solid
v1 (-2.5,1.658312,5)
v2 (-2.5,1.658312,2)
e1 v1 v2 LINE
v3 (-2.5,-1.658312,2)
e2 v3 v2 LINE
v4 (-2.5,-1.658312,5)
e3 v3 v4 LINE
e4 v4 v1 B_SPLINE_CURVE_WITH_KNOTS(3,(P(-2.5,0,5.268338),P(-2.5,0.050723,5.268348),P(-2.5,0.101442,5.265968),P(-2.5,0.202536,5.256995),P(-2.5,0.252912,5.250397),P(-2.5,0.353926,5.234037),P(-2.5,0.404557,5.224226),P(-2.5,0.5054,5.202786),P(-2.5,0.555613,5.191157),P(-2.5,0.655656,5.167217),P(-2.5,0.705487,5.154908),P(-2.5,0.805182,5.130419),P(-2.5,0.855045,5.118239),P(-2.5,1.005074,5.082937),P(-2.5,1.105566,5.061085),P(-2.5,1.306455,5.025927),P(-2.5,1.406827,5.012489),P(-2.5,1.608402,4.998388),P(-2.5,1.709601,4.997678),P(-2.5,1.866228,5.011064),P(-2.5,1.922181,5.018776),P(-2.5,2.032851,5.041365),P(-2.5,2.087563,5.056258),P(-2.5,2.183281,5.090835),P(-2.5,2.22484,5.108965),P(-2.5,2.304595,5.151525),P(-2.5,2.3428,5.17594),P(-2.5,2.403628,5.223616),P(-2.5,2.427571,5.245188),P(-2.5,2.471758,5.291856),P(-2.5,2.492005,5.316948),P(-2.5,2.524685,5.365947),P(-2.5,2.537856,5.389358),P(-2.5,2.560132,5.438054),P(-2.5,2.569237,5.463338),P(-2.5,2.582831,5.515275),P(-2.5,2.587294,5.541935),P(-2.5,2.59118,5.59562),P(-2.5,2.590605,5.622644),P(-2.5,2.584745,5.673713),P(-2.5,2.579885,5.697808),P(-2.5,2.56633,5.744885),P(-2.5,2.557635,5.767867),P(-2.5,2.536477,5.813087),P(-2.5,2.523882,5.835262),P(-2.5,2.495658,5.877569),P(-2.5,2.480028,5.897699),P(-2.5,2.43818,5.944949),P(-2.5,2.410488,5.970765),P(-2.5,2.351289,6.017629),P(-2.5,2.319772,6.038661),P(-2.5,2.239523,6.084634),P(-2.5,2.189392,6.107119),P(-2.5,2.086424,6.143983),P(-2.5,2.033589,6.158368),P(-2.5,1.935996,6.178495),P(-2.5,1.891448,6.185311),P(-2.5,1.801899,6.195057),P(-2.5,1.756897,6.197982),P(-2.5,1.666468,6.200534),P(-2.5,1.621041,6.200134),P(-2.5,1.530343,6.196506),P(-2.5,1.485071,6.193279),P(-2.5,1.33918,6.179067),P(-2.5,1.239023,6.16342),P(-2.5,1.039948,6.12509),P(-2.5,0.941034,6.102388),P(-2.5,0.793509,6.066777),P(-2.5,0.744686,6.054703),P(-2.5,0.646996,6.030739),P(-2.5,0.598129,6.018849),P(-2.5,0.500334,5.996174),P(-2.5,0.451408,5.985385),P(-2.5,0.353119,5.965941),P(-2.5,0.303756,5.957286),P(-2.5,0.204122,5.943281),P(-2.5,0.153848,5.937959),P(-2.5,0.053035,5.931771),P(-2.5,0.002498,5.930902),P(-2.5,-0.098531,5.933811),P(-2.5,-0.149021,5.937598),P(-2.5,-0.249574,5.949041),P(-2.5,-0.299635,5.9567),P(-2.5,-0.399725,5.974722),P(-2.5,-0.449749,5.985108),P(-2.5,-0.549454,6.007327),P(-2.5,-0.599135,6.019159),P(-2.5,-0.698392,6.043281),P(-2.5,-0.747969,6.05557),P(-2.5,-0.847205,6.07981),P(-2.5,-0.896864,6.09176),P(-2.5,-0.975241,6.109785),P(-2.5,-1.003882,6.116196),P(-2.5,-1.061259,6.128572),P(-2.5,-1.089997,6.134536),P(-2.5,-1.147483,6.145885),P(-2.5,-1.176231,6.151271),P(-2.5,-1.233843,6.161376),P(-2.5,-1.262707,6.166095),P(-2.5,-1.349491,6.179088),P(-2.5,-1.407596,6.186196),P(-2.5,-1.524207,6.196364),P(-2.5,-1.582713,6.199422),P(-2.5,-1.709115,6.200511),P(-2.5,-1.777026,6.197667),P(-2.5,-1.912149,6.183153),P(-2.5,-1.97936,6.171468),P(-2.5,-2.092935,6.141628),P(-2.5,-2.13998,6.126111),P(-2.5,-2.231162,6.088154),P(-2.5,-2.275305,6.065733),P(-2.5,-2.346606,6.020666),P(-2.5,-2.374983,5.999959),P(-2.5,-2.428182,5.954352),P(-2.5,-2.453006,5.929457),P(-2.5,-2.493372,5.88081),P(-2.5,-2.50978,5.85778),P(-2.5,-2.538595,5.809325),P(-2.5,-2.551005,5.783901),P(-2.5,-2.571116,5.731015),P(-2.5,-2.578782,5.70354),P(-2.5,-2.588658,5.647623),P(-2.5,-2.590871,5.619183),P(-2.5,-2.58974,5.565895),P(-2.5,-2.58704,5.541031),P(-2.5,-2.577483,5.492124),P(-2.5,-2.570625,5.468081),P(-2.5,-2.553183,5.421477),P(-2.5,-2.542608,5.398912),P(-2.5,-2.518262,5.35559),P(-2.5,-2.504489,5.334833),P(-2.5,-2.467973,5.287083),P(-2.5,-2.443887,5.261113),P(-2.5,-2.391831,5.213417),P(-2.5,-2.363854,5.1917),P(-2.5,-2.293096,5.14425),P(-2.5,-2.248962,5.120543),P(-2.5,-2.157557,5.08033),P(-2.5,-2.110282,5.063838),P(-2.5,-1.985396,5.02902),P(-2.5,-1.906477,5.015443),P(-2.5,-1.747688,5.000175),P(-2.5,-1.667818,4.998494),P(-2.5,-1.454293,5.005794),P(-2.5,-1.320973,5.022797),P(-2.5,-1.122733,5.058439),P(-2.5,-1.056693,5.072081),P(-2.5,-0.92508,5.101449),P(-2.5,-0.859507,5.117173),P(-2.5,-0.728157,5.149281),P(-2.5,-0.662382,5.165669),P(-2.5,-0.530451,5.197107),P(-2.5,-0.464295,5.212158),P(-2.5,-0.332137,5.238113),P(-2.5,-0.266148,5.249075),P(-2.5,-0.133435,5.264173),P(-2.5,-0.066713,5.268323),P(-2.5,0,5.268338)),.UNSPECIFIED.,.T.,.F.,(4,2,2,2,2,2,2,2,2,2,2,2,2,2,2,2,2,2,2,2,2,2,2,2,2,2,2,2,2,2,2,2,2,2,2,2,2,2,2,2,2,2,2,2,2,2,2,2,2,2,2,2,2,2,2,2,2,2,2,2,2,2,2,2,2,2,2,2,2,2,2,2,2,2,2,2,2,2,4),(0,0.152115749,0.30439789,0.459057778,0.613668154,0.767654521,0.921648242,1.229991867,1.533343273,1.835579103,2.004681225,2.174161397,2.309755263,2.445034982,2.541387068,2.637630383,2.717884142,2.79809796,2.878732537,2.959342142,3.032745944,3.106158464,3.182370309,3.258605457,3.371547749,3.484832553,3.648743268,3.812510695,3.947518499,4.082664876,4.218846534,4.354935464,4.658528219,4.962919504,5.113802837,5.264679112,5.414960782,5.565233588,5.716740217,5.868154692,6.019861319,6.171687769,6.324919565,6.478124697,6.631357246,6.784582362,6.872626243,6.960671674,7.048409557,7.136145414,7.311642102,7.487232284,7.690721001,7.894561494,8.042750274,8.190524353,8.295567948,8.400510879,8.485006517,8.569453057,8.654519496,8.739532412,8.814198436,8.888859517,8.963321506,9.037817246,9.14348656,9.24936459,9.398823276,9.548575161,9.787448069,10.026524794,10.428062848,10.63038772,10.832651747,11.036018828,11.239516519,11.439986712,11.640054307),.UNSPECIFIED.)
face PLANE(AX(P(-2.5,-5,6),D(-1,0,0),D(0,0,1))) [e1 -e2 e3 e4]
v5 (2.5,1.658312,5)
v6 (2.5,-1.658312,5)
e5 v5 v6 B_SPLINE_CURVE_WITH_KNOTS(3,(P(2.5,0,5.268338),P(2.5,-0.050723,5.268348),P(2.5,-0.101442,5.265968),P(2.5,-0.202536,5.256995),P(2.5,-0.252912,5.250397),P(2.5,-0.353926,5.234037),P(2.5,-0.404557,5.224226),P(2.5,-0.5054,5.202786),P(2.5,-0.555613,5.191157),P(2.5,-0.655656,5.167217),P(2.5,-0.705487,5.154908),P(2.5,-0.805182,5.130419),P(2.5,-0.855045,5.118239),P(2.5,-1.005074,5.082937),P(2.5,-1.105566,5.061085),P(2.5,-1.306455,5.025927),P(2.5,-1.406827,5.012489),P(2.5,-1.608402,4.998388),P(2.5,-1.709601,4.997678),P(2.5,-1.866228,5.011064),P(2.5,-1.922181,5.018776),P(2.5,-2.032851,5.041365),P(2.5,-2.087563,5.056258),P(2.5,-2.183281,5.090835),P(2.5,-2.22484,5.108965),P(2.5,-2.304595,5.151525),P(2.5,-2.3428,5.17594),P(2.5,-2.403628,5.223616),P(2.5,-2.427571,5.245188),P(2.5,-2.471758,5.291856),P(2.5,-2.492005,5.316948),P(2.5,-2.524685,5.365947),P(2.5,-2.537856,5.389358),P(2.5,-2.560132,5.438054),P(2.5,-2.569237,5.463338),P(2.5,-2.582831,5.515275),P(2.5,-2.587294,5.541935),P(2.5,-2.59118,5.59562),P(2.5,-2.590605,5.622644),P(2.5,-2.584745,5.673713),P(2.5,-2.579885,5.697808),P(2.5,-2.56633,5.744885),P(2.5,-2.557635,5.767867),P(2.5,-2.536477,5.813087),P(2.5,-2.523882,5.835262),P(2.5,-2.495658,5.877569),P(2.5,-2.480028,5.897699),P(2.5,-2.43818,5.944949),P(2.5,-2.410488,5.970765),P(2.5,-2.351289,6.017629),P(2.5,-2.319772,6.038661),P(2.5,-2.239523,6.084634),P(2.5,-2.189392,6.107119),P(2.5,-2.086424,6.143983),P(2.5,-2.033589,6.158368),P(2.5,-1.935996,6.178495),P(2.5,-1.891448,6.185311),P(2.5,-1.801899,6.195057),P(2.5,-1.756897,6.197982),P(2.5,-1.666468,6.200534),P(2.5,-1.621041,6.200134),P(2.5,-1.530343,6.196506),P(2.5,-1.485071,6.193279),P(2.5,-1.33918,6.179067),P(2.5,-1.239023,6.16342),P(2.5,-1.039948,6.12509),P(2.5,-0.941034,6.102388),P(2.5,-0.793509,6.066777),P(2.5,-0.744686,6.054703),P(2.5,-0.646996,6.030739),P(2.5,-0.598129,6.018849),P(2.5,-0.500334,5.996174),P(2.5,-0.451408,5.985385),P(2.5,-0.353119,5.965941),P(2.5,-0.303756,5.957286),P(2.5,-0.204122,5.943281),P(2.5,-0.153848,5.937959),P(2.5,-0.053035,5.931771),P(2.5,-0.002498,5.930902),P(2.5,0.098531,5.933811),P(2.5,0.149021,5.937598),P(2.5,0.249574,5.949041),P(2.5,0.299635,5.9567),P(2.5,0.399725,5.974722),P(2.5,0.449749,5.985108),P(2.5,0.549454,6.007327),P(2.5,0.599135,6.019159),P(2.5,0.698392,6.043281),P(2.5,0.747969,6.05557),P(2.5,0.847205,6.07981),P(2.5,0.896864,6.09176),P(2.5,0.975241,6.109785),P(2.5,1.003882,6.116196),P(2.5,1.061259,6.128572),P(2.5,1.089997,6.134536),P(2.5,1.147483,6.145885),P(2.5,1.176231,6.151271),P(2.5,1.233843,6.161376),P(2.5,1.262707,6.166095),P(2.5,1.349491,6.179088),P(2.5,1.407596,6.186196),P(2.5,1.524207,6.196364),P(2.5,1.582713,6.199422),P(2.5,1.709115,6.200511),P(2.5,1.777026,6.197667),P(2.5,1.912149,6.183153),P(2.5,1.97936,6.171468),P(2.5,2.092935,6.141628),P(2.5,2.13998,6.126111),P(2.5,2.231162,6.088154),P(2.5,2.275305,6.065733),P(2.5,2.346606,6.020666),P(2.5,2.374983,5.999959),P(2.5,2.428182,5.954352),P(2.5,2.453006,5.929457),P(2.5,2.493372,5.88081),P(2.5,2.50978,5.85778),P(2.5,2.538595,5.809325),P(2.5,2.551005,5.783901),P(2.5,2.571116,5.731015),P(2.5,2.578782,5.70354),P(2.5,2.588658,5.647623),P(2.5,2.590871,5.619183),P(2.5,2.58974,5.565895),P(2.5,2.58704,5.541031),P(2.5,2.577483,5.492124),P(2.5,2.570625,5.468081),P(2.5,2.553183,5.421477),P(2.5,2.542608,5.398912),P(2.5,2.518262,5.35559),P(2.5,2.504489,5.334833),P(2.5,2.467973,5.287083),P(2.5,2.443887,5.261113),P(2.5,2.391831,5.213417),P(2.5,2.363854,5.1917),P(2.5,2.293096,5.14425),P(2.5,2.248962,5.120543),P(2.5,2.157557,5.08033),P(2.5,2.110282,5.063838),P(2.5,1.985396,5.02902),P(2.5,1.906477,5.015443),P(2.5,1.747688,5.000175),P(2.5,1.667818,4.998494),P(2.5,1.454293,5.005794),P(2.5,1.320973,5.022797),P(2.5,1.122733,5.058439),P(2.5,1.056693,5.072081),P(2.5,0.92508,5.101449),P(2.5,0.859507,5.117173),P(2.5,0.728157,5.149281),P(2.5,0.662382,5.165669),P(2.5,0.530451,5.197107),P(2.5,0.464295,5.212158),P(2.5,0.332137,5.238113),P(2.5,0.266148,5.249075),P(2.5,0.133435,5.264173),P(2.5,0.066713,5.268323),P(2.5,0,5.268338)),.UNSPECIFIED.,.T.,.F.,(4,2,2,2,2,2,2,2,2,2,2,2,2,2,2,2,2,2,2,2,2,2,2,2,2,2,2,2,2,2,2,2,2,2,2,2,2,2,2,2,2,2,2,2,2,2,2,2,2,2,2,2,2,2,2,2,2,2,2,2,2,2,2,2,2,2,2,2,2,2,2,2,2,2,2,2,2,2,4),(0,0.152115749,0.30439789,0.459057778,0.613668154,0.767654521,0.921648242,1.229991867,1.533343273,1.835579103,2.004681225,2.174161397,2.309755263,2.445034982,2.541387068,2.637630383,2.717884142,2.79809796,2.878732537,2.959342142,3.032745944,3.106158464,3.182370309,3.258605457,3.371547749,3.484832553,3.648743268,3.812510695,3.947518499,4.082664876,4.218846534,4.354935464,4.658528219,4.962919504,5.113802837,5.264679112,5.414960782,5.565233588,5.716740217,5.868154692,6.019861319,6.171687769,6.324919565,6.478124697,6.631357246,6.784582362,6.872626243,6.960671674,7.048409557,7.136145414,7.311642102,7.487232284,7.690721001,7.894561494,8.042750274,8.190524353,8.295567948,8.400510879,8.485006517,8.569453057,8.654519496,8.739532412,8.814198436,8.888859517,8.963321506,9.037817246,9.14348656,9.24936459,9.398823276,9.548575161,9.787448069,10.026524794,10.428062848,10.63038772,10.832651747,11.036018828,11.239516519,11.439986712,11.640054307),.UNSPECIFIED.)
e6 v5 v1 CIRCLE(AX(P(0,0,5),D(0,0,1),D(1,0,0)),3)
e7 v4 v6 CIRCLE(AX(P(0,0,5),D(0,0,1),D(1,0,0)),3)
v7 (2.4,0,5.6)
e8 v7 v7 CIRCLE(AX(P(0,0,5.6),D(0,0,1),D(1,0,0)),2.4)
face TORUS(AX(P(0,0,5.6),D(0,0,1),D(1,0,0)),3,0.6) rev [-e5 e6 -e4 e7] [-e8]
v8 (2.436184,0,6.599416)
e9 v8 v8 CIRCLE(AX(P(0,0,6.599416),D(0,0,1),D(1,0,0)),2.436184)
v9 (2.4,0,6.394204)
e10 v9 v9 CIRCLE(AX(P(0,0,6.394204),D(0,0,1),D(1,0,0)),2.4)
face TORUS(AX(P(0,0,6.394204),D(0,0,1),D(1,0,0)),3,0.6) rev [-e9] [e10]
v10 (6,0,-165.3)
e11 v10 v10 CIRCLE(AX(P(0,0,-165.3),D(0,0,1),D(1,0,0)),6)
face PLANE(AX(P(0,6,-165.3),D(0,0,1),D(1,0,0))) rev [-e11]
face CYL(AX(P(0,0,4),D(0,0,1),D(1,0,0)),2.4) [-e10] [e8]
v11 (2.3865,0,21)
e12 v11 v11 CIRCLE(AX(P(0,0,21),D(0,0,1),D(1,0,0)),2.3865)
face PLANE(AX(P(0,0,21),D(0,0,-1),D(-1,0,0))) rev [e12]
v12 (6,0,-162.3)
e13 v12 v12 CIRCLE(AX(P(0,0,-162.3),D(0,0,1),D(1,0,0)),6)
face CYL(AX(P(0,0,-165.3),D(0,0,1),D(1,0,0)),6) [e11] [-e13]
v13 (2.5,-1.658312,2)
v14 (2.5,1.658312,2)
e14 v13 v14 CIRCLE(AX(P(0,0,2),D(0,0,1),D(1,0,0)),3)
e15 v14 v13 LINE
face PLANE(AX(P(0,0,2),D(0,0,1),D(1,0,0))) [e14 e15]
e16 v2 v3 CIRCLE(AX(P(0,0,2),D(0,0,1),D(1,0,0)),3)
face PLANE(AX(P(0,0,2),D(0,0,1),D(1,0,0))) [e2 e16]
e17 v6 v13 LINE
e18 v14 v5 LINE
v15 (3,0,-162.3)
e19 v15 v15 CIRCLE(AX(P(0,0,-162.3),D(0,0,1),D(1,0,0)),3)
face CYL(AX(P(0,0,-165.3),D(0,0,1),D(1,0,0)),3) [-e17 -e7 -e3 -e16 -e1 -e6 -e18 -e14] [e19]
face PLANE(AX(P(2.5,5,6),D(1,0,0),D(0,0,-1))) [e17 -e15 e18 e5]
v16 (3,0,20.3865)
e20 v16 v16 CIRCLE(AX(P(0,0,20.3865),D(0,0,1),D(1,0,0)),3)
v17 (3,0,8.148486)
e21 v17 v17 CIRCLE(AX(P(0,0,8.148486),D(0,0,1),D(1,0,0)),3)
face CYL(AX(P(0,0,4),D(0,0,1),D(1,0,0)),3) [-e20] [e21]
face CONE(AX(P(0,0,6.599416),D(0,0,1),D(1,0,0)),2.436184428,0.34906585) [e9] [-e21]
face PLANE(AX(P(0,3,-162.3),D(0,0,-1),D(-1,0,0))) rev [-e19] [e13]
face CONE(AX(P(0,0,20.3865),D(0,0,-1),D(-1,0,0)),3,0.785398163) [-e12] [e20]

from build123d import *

# Parameters (mm, degrees)
SCHNITT_LINEAR_AUSTRAGEN1_DEPTH = 4


with BuildPart() as part:
    # Skizze1 → Rotation1 (revolve)
    with BuildSketch(Plane(origin=(0, 0, 0), x_dir=(0, 0, -1), z_dir=(1, 0, 0)), mode=Mode.PRIVATE) as rotation1_sk:
        Polygon((-5, 0), (-5, 3), (162.3, 3), (162.3, 6), (165.3, 6), (165.3, 0), align=None)
    revolve(rotation1_sk.sketch.rotate(Axis((0, 0, -165.3), (0, 0, 1)), 270), axis=Axis((0, 0, -165.3), (0, 0, 1)))

    # Skizze2 → Rotation2 (revolve)
    with BuildSketch(Plane(origin=(0, 0, 0), x_dir=(0, 0, -1), z_dir=(1, 0, 0)), mode=Mode.PRIVATE) as rotation2_sk:
        with BuildLine():
            Line((-21, 0), (-21, 2.3865))
            Line((-21, 2.3865), (-20.3865, 3))
            Line((-20.3865, 3), (-8.148486452, 3))
            Line((-8.148486452, 3), (-6.599415898, 2.436184428))
            ThreePointArc((-6.599415898, 2.436184428), (-6.498392718, 2.409115348), (-6.394203812, 2.4))
            Line((-6.394203812, 2.4), (-5.6, 2.4))
            ThreePointArc((-5.6, 2.4), (-5.175735931, 2.575735931), (-5, 3))
            Line((-5, 3), (-4, 3))
            Line((-4, 3), (-4, 0))
            Line((-4, 0), (-21, 0))
        make_face()
    revolve(rotation2_sk.sketch.rotate(Axis((0, 0, 4), (0, 0, 1)), 270), axis=Axis((0, 0, 4), (0, 0, 1)))

    # Skizze3 → Schnitt-Linear austragen1 (cut)
    with BuildSketch(Plane.XY.offset(2)):
        Polygon((-5, 10), (-5, -5), (-2.5, -5), (-2.5, 5), (2.5, 5), (2.5, -5), (5, -5), (5, 10), align=None)
    extrude(amount=SCHNITT_LINEAR_AUSTRAGEN1_DEPTH, mode=Mode.SUBTRACT)


solid = part.part
